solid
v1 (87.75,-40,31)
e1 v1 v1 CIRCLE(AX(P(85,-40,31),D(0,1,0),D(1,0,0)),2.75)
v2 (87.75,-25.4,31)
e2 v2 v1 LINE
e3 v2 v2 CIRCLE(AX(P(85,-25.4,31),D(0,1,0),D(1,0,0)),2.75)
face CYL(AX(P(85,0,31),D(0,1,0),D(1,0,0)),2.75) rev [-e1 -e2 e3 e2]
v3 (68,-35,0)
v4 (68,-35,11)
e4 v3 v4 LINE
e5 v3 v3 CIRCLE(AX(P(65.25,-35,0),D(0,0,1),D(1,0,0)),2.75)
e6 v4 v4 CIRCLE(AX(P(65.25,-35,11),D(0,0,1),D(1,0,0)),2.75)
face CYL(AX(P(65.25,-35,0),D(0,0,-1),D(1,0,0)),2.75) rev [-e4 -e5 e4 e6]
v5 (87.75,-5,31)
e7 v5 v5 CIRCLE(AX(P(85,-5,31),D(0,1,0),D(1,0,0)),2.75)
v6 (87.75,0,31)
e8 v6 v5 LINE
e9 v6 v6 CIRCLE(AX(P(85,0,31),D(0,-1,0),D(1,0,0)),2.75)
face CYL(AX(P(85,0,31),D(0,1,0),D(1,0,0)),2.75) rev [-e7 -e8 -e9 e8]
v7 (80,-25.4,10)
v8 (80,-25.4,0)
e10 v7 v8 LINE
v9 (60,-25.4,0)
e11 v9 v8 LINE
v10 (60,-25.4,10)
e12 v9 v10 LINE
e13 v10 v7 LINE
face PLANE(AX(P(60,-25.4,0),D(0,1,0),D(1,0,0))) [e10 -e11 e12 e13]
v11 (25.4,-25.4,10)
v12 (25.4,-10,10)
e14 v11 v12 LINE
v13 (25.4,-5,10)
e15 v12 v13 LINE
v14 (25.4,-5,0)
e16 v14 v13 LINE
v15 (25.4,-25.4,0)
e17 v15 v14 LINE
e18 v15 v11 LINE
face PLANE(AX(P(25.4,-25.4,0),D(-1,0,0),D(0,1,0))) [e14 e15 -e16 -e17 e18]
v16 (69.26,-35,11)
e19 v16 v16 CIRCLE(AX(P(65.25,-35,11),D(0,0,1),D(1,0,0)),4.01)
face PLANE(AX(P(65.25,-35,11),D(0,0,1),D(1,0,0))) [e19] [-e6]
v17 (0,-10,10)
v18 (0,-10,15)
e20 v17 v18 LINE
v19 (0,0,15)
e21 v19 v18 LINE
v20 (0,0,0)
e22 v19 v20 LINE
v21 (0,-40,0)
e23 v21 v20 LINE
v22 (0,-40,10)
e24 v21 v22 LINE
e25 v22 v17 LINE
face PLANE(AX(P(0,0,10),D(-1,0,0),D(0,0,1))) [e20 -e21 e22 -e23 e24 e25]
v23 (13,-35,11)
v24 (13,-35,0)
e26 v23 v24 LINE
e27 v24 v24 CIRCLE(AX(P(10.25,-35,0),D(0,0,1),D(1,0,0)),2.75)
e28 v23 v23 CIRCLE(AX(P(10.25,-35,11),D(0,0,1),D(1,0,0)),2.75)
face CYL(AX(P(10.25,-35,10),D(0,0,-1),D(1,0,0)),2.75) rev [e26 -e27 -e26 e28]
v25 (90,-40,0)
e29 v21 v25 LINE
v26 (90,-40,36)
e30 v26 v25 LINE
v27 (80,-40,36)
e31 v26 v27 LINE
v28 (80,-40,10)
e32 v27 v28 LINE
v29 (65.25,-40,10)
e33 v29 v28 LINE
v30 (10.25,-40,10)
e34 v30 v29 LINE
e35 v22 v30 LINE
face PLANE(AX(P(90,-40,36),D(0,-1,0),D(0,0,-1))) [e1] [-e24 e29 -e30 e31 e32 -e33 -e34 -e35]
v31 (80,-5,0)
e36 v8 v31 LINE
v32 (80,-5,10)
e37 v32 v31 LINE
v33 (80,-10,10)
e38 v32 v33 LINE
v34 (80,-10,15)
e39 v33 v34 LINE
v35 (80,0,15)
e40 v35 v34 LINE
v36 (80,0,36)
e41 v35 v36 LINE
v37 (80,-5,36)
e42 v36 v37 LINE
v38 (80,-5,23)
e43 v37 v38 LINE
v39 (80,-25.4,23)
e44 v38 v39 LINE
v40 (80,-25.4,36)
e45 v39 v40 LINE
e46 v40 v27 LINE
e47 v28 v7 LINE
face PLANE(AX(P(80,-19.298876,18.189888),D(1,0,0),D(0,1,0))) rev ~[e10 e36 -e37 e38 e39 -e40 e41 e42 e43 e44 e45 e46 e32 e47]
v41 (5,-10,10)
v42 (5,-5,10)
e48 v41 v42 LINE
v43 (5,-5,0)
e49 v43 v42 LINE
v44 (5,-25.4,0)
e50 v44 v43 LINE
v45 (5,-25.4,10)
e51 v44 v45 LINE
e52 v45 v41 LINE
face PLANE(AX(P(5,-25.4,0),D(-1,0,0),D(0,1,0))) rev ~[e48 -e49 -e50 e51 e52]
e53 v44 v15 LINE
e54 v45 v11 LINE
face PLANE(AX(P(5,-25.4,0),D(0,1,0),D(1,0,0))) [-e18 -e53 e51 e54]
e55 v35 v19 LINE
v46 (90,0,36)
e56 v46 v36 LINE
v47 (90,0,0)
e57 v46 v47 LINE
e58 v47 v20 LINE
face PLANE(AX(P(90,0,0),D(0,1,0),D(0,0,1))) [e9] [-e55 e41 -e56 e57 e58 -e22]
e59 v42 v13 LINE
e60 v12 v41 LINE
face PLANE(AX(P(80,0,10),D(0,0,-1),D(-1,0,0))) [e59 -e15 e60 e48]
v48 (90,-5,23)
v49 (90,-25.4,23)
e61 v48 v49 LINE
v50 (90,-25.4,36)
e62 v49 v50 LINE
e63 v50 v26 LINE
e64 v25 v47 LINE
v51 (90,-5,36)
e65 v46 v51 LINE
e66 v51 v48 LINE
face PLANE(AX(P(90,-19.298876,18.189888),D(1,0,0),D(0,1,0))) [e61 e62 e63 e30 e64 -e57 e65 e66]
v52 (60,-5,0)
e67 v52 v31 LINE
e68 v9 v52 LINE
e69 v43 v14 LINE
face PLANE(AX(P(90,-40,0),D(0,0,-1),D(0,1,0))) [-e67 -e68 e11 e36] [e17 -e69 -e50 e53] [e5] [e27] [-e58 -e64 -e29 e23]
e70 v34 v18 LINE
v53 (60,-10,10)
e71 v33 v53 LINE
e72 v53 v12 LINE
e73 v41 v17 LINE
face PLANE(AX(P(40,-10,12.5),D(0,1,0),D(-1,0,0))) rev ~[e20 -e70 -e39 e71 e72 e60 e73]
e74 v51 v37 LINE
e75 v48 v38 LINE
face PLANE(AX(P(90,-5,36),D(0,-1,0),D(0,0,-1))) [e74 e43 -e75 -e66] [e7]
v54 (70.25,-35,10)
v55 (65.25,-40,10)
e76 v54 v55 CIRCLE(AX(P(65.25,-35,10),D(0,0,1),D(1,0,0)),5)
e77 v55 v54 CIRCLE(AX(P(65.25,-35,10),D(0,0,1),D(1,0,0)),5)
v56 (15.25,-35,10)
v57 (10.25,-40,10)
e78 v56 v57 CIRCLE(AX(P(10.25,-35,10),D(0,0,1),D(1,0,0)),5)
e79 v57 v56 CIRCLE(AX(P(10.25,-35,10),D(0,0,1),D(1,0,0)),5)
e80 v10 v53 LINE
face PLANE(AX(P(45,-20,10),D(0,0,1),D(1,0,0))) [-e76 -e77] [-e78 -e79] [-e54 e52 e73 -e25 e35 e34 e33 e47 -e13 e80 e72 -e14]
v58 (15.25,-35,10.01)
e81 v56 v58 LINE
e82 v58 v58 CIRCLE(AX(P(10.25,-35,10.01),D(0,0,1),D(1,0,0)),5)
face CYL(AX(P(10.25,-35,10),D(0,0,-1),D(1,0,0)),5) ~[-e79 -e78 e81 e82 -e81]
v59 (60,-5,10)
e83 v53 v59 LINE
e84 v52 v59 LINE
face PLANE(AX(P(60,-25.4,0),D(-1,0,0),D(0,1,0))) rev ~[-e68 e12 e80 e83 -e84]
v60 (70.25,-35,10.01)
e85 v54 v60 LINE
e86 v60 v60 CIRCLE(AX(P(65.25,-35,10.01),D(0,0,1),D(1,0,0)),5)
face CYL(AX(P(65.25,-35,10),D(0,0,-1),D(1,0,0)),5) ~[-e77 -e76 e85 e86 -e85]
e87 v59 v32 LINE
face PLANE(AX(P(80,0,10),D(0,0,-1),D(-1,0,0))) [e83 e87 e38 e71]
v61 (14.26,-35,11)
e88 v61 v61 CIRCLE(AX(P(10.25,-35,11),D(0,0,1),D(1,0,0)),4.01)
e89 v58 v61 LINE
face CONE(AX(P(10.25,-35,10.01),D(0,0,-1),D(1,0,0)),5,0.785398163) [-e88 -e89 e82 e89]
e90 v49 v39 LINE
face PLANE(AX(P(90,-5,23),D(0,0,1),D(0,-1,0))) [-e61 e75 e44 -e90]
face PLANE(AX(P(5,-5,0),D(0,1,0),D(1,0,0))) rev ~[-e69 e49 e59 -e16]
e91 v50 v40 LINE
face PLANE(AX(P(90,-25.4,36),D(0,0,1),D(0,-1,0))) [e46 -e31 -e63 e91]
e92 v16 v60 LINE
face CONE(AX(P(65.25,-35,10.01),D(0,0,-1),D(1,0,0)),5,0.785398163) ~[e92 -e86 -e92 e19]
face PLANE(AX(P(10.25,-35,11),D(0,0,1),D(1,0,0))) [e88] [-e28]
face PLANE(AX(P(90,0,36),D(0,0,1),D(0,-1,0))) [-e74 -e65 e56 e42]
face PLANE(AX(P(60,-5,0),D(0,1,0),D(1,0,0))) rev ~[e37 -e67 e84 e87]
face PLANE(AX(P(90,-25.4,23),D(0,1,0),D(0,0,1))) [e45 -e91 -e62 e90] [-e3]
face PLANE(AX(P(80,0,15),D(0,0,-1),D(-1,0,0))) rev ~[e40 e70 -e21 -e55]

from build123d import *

# Parameters (mm, degrees)
SKETCH_W      = 90
SKETCH_H      = 40
SKETCH_W_2    = 20.4
SKETCH_H_2    = 20.4
PAD_DEPTH     = 10
PAD001_DEPTH  = 10
SKETCH002_R   = 2.75
HOLE_DEPTH    = 40.001
SKETCH003_R   = 2.75
HOLE001_DEPTH = 36.001
SKETCH004_W   = 80
SKETCH004_H   = 5
PAD002_DEPTH  = 10
SKETCH005_R   = 5
SKETCH005_R_2 = 2.75
PAD003_DEPTH  = 1
CHAMFER_SIZE  = 0.99


with BuildPart() as part:
    # Sketch → Pad (new body)
    with BuildSketch(Plane.XY):
        with Locations((45, -20)):
            Rectangle(SKETCH_W, SKETCH_H)
        with Locations((15.2, -15.2)):
            Rectangle(SKETCH_W_2, SKETCH_H_2, mode=Mode.SUBTRACT)
        with Locations((70.2, -15.2)):
            Rectangle(SKETCH_W_2, SKETCH_H_2, mode=Mode.SUBTRACT)
    extrude(amount=PAD_DEPTH)

    # Sketch001 (on Face2 of Pad) → Pad001 (join)
    with BuildSketch(Plane.YZ.offset(90)):
        Polygon((0, 36), (-5, 36), (-5, 23), (-25.4, 23), (-25.4, 36), (-40, 36), (-40, 0), (0, 0), align=None)
    extrude(amount=-PAD001_DEPTH)

    # Sketch002 → Hole (cut, through all)
    with BuildSketch(Plane.XZ):
        with Locations((85, 31)):
            Circle(SKETCH002_R)
    extrude(amount=HOLE_DEPTH, mode=Mode.SUBTRACT)

    # Sketch003 → Hole001 (cut, through all)
    with BuildSketch(Plane.XY):
        with Locations((10.25, -35)):
            Circle(SKETCH003_R)
        with Locations((65.25, -35)):
            Circle(SKETCH003_R)
    extrude(amount=HOLE001_DEPTH, mode=Mode.SUBTRACT)

    # Sketch004 (on Face1 of Hole001) → Pad002 (join)
    with BuildSketch(Plane(origin=(0, 0, 0), x_dir=(-1, 0, 0), z_dir=(0, 1, 0))):
        with Locations((-40, 12.5)):
            Rectangle(SKETCH004_W, SKETCH004_H)
    extrude(amount=-PAD002_DEPTH)

    # Sketch005 → Pad003 (join)
    with BuildSketch(Plane.XY.offset(10)):
        with Locations((10.25, -35)):
            Circle(SKETCH005_R)
        with Locations((10.25, -35)):
            Circle(SKETCH005_R_2, mode=Mode.SUBTRACT)
        with Locations((65.25, -35)):
            Circle(SKETCH005_R)
        with Locations((65.25, -35)):
            Circle(SKETCH005_R_2, mode=Mode.SUBTRACT)
    extrude(amount=PAD003_DEPTH)

    # Chamfer
    chamfer_edges = [part.edges().sort_by_distance(p)[0] for p in [
        (5.25, -35, 11),
        (60.25, -35, 11),
    ]]
    chamfer(chamfer_edges, length=CHAMFER_SIZE)


solid = part.part
